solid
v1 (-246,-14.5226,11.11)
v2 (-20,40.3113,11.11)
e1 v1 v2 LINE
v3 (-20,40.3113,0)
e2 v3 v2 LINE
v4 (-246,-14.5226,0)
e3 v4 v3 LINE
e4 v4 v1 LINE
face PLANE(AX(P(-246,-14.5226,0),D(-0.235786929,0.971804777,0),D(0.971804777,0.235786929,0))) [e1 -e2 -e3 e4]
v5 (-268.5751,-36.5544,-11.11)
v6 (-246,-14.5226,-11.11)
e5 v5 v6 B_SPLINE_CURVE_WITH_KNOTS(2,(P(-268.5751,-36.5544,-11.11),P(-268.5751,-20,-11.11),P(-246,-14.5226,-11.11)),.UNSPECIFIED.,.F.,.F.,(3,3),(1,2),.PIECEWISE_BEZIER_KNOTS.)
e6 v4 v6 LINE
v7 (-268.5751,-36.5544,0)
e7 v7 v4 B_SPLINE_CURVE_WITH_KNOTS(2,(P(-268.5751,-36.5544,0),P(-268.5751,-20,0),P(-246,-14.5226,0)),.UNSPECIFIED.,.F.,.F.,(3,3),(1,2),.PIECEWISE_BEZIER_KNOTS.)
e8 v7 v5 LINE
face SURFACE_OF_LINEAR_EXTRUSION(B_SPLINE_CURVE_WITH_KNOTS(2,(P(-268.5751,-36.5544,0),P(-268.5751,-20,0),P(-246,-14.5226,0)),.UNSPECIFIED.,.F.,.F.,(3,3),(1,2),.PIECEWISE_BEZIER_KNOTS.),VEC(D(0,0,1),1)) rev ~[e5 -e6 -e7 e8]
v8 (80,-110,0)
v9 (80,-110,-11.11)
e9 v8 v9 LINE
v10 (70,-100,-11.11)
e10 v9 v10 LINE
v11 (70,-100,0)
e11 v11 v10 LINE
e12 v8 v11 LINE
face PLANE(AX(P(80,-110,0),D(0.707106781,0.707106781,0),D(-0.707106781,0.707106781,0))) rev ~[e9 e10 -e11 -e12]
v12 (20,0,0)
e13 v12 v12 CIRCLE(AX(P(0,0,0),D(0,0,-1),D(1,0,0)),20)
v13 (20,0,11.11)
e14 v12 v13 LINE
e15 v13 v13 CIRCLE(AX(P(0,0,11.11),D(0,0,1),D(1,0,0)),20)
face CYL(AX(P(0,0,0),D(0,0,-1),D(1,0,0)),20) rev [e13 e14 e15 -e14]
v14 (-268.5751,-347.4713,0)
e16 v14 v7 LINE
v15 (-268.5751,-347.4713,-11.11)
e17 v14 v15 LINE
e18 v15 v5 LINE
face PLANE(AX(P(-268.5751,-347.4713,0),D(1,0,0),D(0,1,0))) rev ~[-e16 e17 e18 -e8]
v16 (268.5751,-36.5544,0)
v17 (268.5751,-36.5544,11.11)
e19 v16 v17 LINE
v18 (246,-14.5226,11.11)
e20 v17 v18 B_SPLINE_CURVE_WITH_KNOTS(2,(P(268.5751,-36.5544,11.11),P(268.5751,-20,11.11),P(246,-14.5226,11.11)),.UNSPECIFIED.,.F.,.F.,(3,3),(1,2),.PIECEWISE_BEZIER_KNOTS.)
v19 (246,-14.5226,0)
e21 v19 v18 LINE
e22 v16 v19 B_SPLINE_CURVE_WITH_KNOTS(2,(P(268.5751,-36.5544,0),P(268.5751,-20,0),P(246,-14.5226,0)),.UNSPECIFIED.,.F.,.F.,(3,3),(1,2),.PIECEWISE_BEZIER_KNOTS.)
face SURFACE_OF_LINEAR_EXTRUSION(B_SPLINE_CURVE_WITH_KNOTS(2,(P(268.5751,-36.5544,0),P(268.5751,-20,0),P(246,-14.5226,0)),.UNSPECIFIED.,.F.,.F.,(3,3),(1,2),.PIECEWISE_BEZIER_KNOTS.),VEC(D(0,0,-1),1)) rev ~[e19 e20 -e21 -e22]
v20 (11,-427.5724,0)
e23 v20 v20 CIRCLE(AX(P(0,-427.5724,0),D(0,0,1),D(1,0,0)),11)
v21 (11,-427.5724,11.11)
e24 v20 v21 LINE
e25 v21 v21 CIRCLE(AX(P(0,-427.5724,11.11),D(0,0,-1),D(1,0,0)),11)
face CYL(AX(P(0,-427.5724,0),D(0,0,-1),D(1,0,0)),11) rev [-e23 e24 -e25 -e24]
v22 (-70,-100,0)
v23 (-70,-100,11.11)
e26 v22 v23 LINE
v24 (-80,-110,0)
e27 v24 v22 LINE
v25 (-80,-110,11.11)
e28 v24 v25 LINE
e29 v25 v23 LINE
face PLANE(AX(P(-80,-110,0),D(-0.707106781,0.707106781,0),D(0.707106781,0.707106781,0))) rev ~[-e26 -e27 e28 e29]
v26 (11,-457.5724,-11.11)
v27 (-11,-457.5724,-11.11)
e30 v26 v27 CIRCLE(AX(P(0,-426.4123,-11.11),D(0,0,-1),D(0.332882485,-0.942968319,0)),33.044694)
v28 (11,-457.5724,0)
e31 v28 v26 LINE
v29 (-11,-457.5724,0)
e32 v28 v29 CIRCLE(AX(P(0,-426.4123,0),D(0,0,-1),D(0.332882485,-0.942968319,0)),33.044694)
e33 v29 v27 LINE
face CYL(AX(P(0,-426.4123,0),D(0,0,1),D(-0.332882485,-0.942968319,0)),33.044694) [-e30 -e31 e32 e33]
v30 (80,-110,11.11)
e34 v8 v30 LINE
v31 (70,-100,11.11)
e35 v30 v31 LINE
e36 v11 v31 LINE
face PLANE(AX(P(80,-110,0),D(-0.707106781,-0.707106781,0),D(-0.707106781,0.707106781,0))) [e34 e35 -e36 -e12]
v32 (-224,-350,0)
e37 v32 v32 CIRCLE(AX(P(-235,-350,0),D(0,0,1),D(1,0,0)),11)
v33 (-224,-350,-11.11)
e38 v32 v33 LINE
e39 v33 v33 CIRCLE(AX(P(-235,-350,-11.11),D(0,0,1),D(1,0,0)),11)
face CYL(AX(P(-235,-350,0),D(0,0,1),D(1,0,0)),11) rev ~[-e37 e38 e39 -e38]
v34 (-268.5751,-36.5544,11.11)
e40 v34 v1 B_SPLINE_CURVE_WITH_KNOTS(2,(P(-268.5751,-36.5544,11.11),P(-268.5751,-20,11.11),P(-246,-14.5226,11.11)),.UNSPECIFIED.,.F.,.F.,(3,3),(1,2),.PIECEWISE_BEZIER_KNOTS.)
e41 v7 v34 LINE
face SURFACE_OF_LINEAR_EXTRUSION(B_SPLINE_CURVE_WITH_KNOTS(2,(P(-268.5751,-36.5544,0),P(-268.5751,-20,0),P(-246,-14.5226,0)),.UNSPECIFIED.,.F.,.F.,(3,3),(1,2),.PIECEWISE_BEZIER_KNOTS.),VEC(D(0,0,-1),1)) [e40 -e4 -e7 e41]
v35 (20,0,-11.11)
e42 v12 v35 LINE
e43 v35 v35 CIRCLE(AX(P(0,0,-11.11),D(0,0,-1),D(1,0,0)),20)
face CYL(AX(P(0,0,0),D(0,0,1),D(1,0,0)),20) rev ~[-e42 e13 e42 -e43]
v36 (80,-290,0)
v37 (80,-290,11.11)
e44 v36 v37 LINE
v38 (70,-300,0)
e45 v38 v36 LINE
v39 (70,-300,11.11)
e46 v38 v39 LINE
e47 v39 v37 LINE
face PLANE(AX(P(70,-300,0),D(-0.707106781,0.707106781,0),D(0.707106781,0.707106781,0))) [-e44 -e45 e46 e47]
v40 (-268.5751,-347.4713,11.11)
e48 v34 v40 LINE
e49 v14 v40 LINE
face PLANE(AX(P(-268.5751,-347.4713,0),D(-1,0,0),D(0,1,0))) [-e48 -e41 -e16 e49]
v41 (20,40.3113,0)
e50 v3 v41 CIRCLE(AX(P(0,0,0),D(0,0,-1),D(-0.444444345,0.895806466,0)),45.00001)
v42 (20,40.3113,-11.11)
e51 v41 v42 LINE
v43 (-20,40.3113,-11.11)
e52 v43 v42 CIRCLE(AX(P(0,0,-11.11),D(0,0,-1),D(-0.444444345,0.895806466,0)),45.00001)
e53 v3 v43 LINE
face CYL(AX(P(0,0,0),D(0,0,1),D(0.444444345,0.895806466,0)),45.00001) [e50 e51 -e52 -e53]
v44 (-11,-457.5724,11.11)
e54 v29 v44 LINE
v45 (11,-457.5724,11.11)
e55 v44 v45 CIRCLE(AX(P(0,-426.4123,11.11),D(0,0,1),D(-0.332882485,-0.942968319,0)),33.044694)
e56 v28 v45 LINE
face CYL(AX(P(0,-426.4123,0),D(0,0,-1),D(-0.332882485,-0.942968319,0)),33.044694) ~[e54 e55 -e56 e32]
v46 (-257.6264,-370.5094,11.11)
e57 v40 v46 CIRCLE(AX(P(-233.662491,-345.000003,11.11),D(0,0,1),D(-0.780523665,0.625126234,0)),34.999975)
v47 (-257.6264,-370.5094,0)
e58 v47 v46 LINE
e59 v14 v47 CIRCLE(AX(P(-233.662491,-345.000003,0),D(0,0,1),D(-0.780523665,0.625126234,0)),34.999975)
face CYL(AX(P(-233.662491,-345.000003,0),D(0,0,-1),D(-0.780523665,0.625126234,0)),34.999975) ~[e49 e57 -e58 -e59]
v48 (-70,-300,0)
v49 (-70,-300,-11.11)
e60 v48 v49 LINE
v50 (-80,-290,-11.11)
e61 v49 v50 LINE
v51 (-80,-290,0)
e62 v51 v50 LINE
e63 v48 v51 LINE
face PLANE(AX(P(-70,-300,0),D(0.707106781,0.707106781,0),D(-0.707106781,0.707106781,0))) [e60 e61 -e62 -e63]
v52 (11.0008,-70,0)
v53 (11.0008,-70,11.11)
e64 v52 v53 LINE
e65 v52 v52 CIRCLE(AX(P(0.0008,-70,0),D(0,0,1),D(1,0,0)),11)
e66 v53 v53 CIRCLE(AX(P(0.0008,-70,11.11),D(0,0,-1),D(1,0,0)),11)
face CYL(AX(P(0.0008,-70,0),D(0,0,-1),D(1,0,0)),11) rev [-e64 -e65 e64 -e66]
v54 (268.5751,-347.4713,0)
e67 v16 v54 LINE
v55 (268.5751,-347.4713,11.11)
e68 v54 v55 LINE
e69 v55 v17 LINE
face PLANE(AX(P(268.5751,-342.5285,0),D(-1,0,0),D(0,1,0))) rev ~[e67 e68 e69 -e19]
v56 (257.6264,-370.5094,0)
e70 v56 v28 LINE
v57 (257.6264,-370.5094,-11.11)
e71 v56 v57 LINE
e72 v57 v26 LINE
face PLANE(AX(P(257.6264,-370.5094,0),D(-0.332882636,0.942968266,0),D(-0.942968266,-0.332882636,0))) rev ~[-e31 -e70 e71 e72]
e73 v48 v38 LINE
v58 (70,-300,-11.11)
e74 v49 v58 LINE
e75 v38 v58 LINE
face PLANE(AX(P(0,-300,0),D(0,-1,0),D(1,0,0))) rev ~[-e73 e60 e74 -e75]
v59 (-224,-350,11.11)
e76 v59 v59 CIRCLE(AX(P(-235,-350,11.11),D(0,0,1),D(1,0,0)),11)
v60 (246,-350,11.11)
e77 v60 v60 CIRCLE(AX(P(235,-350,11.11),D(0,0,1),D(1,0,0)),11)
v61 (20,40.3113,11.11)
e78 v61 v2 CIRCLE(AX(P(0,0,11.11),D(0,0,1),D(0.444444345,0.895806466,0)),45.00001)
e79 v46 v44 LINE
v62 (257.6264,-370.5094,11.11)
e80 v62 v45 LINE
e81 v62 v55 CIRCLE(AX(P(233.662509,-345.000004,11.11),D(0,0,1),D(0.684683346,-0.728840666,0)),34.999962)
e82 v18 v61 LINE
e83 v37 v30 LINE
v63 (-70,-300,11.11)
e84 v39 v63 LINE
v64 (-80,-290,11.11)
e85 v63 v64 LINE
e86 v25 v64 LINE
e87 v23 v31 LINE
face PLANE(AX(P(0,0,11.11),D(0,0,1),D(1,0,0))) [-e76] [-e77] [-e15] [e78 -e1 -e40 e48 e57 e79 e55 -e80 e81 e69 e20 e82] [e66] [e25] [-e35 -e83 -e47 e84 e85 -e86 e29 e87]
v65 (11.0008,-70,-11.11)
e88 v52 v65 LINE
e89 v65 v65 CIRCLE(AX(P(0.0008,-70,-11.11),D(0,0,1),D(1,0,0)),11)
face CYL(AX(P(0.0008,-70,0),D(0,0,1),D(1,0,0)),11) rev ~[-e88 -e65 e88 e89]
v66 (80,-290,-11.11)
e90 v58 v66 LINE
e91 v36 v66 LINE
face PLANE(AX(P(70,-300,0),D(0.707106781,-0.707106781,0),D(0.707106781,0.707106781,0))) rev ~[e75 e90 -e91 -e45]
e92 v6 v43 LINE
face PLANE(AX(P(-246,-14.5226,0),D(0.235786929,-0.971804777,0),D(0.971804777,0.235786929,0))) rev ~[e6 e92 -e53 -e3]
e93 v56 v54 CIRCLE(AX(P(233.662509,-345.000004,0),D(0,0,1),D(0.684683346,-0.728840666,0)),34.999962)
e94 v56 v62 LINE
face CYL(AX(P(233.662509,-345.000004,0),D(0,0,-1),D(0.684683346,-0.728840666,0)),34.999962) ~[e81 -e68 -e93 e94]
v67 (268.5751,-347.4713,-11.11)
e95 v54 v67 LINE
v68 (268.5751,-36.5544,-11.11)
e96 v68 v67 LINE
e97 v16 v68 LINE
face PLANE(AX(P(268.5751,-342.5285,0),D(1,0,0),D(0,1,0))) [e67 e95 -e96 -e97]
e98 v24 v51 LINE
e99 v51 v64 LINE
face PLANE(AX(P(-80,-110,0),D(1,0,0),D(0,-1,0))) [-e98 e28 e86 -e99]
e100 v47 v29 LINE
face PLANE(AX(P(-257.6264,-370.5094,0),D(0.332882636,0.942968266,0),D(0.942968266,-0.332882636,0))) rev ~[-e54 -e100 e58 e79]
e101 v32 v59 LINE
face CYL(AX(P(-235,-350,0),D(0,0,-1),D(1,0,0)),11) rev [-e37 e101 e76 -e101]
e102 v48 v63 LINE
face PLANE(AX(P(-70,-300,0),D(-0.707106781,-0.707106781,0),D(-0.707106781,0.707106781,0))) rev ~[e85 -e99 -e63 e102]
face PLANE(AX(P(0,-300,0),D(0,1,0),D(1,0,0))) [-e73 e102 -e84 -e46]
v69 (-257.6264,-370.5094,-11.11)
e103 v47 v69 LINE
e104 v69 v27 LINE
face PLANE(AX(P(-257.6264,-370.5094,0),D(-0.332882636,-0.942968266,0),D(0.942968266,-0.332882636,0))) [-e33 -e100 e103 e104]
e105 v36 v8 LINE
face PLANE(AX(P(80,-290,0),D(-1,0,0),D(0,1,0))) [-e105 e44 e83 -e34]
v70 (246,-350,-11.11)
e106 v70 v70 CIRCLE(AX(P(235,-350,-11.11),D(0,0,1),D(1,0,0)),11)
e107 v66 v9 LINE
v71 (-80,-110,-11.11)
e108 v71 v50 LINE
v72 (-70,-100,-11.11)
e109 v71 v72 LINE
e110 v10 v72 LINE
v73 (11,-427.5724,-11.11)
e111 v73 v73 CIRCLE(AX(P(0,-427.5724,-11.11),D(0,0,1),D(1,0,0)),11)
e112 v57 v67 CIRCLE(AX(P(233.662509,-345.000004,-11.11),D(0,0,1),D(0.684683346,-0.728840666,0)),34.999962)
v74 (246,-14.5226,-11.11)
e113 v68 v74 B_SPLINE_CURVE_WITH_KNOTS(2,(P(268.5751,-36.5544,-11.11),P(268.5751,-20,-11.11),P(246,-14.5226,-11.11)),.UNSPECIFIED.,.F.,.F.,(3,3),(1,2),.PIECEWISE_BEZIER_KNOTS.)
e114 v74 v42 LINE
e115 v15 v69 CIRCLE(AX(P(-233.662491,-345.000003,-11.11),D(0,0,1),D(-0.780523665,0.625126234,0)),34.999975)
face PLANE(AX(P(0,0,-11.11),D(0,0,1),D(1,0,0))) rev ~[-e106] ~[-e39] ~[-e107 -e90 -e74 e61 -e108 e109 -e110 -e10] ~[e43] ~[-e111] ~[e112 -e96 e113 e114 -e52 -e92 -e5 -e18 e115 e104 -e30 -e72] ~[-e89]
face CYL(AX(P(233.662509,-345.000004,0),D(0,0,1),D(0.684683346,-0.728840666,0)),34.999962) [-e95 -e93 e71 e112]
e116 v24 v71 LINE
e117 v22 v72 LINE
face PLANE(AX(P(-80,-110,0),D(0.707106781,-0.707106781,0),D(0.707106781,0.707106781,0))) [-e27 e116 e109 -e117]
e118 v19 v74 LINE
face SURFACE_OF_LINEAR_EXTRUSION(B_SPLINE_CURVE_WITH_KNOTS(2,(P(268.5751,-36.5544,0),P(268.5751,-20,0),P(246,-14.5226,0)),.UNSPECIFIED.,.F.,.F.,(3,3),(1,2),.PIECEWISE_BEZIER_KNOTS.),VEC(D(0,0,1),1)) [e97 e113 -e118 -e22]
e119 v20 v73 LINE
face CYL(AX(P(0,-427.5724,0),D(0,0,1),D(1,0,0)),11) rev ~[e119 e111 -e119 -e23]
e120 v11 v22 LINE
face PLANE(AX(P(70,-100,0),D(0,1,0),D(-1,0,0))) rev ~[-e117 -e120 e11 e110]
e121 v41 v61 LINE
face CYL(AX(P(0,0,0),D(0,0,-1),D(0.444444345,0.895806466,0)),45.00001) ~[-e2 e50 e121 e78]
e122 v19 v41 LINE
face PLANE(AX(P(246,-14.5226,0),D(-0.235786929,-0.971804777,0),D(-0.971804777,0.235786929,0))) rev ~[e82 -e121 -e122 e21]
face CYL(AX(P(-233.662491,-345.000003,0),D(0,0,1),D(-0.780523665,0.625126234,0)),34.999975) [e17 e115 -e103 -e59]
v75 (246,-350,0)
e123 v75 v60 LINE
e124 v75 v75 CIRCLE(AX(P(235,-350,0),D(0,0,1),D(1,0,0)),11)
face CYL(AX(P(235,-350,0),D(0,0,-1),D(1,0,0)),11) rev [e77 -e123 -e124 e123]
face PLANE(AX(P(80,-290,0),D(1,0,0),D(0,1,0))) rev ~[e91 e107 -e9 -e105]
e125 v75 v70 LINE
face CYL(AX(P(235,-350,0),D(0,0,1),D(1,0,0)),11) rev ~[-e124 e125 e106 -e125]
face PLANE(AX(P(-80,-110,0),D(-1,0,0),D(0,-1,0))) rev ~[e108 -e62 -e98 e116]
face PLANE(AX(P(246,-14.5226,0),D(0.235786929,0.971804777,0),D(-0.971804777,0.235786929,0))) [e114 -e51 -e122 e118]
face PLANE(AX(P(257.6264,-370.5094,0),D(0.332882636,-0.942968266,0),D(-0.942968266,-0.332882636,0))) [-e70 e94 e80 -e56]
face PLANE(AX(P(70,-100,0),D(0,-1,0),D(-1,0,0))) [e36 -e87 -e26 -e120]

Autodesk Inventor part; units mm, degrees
ref_plane "YZ Plane" through (0, 0, 0) normal (1, 0, 0) x (0, 1, 0)
ref_plane "XZ Plane" through (0, 0, 0) normal (0, 1, 0) x (-1, 0, 0)
ref_plane "XY Plane" through (0, 0, 0) normal (0, 0, 1) x (1, 0, 0)
sketch "Sketch1" plane through (0, 0, 0) normal (0, 0, 1) x (1, 0, 0)
  circle A0 centre (0, 0) radius 20
  circle A1 centre (-235, -350) radius 11
  circle A2 centre (235, -350) radius 11
  arc A3 (257.6264, -370.5094) -> (260.9808, -323.1206) centre (233.6625, -345) ccw
  circle A4 centre (0.0008, -70) radius 11
  line L0 (70, -100) -> (-70, -100)
  line L1 (-80, -110) -> (-80, -290)
  line L2 (-70, -300) -> (70, -300)
  line L3 (80, -290) -> (80, -110)
  line L4 (80, -100) -> (-80, -300) construction
  line L5 (-80, -100) -> (80, -300) construction
  line L6 (0, 64.9697) -> (0, -492.5476)
  arc A5 (-260.9808, -323.1206) -> (-257.6264, -370.5094) centre (-233.6625, -345) ccw
  line L7 (-80, -110) -> (-70, -100)
  line L8 (80, -110) -> (70, -100)
  line L9 (70, -300) -> (80, -290)
  line L10 (-70, -300) -> (-80, -290)
  arc A6 (20, 40.3113) -> (-20, 40.3113) centre (0, 0) ccw
  circle A7 centre (0, -427.5724) radius 11
  line L11 (-257.6264, -370.5094) -> (-11, -457.5724)
  arc A8 (-11, -457.5724) -> (11, -457.5724) centre (0, -426.4123) ccw
  line L12 (257.6264, -370.5094) -> (11, -457.5724)
  line L13 (-11, -457.5724) -> (11, -457.5724) construction
  line L14 (268.5751, -347.4713) -> (268.5751, -36.5544)
  line L15 (246, -14.5226) -> (20, 40.3113)
  line L16 (-268.5751, -347.4713) -> (-268.5751, -36.5544)
  line L17 (-246, -14.5226) -> (-20, 40.3113)
  line L18 (-268.5751, -36.5544) -> (-268.5751, -20) construction
  line L19 (-268.5751, -20) -> (-246, -14.5226) construction
  spline S0 degree 2 poles (-268.5751, -36.5544) (-268.5751, -20) (-246, -14.5226) knots 1 1 1 2 2 2
  line L20 (268.5751, -36.5544) -> (268.5751, -20) construction
  line L21 (268.5751, -20) -> (246, -14.5226) construction
  spline S1 degree 2 poles (268.5751, -36.5544) (268.5751, -20) (246, -14.5226) knots 1 1 1 2 2 2
  point P0 (0, -200)
  point P1 (0, -200)
  dimension "d0" = 40
  dimension "d3" = 22
  dimension "d4" = 22
  dimension "d9" = 35
  dimension "d33" = 22
  dimension "d35" = 160
  dimension "d36" = 200
  dimension "d37" = 70
  dimension "d38" = 30
  dimension "d39" = 10
  dimension "d40" = 10
  dimension "d41" = 10
  dimension "d42" = 10
  dimension "d43" = 10
  dimension "d44" = 10
  dimension "d45" = 10
  dimension "d46" = 10
  dimension "d47" = 45
  dimension "d50" = 22
  dimension "d51" = 30
extrude "Extrusion3" add sketch "Sketch1" along normal mid plane 22.22 contours A0 L6 A6 L15 S1 L14 A3 L12 A8 A7 L2 L9 L3 L8 L0 A4 | A0 L6 A4 L0 L7 L1 L10 L2 A7 A8 L11 A5 L16 S0 L17 A6
equation "\"d40\" = d39"
equation "\"d42\" = d41"
equation "\"d43\" = d41"
equation "\"d44\" = d43"
equation "\"d45\" = d41"
equation "\"d46\" = d45"
properties part number "Corpo_Suporte_4_Cabos_Modelo2"
